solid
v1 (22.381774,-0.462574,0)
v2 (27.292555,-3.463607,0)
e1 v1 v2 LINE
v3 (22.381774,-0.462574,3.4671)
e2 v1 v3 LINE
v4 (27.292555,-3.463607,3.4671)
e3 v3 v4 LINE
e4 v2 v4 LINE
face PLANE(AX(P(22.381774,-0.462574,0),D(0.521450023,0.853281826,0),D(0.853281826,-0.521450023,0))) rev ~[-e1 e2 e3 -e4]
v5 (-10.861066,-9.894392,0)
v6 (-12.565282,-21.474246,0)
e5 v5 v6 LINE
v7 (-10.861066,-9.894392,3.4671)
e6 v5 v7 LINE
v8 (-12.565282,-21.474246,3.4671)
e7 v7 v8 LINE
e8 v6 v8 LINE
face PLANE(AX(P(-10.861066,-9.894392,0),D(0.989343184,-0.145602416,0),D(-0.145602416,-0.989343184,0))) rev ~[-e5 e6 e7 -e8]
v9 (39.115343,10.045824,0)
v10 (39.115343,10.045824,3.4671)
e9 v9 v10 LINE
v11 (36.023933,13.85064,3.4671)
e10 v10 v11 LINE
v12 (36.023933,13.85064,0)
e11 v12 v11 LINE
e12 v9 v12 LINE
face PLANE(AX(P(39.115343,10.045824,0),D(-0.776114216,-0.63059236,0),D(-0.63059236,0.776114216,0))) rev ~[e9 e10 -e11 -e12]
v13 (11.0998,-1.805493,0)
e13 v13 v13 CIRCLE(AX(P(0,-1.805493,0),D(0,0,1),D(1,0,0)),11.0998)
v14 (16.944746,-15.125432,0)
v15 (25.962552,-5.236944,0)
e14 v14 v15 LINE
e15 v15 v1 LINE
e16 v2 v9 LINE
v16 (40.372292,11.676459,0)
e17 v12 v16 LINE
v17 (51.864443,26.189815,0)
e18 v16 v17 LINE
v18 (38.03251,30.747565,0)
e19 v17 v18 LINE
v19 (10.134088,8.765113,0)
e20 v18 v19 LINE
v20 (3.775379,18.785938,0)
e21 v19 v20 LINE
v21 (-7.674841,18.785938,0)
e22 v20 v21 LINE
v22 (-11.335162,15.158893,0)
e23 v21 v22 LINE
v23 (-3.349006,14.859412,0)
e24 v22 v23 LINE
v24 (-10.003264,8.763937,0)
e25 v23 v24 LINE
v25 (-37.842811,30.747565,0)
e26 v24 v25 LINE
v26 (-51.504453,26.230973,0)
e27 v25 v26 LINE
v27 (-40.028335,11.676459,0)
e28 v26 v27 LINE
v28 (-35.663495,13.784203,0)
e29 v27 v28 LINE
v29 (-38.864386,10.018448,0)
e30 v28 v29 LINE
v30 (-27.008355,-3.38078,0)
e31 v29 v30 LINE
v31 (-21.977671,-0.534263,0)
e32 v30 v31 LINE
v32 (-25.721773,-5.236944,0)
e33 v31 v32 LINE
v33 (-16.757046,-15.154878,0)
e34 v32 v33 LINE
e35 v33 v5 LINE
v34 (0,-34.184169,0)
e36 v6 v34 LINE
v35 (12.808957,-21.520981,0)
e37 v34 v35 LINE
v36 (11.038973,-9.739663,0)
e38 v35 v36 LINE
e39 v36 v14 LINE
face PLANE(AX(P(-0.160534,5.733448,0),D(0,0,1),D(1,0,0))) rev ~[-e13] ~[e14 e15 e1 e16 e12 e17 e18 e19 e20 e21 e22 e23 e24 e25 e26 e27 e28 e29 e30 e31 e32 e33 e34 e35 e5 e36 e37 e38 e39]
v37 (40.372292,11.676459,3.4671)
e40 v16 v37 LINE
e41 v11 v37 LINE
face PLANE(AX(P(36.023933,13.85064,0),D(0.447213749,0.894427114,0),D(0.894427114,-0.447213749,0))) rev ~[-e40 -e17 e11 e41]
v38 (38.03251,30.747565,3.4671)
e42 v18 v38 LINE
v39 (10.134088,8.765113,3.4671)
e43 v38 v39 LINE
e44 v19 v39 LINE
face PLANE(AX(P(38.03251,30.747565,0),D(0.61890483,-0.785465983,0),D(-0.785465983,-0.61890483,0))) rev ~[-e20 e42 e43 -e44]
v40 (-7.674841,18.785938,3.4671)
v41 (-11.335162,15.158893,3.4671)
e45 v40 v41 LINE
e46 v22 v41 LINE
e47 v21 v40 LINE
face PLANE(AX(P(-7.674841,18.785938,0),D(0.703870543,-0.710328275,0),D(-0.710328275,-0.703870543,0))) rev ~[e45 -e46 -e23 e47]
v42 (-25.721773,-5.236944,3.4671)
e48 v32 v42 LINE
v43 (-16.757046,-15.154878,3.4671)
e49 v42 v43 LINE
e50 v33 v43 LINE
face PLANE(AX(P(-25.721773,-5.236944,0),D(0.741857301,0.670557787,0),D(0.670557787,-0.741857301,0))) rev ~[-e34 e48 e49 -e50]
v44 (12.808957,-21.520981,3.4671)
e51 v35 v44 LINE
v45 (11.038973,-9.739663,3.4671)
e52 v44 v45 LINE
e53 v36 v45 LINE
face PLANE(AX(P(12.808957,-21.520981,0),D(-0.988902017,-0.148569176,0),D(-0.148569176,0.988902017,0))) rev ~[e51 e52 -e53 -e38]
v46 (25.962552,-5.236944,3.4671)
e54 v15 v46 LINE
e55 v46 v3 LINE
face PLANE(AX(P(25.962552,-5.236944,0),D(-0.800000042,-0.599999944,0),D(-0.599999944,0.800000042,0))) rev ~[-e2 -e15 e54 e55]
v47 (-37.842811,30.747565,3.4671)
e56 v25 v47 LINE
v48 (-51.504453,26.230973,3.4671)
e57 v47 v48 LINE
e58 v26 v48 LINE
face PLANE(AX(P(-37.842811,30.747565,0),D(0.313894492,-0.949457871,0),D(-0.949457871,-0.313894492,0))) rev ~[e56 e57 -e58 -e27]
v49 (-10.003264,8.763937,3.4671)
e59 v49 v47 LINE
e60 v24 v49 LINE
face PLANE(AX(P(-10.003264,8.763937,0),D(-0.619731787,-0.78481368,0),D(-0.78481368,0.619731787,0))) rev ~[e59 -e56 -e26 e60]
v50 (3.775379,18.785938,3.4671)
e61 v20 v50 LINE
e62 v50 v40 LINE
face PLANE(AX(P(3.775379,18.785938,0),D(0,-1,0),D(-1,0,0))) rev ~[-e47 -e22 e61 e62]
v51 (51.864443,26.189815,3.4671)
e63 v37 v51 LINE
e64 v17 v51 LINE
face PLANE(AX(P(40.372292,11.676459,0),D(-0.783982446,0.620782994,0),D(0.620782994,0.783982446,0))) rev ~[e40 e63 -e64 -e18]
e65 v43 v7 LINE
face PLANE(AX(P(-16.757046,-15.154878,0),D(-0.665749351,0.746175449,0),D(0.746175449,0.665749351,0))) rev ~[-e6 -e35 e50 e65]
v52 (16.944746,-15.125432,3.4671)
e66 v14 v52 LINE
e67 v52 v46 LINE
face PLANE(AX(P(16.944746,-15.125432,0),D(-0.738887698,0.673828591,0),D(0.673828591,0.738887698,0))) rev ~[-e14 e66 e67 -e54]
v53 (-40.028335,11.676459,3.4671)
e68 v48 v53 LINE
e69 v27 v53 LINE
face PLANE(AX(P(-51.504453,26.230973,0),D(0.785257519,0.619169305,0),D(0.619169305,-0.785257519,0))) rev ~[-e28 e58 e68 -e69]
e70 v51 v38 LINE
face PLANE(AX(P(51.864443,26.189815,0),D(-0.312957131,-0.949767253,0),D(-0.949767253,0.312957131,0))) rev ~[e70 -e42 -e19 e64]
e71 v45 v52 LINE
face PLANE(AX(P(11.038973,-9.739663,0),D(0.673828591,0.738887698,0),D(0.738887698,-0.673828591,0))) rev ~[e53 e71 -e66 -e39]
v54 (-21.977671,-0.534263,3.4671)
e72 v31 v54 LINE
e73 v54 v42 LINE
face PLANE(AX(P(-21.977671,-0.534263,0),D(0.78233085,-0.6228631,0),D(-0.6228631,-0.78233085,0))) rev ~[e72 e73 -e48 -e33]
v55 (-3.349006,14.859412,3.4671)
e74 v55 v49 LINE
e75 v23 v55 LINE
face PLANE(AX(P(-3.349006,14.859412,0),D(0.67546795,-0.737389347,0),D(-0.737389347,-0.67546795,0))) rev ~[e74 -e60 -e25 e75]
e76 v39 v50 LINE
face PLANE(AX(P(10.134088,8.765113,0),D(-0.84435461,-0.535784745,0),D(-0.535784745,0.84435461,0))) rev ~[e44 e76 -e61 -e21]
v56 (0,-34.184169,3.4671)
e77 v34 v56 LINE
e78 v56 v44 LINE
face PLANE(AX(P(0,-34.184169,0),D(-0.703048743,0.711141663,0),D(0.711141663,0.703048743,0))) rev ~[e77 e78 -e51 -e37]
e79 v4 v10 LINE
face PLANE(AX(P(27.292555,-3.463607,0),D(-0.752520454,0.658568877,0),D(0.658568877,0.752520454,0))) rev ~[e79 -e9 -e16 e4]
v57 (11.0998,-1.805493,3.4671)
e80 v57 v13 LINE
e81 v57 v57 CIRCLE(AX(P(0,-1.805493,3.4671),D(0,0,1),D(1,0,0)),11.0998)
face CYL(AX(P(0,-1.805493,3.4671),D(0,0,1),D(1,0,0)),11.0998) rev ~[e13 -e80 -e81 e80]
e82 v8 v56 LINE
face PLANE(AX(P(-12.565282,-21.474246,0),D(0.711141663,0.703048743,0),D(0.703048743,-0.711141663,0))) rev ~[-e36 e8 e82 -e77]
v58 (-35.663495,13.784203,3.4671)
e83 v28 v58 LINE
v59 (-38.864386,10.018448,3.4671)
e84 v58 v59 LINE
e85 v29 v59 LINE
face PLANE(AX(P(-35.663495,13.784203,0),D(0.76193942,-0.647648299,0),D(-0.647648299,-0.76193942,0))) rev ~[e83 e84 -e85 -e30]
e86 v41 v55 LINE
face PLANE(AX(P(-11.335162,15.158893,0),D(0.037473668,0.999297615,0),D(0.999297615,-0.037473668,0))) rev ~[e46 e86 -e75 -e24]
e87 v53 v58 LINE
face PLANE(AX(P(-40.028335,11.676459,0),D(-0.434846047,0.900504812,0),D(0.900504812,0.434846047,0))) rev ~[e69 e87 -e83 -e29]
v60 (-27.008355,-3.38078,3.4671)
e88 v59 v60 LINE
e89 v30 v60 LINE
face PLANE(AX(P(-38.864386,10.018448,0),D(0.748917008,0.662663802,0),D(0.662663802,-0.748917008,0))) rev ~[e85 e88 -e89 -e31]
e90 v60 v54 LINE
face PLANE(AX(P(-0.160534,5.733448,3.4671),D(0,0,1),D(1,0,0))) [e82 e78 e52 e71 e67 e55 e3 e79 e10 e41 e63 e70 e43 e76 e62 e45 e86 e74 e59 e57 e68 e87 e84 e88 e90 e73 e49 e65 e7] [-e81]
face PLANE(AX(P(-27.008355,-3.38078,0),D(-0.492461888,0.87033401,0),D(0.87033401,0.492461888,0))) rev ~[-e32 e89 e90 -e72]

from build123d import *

# Parameters (mm, degrees)
F1_DEPTH = 6.9342
F2_SCALE = 0.5
F3_R     = 11.0998
F4_DEPTH = 25.4


with BuildPart() as f1:
    # F0 (on Top) → F1 (new body)
    with BuildSketch(Plane.XY):
        Polygon((-75.6856215453, 61.495130631), (-103.0089063366, 52.4619456377), (-80.056669942, 23.3529183213), (-71.3269899235, 27.5684058967), (-77.7287712085, 20.0368960855), (-54.0167096295, -6.7615591093), (-43.9553417197, -1.0685261115), (-51.4435459742, -10.473888544), (-33.5140929693, -30.3097563356), (-21.7221314678, -19.7887847189), (-25.1305638593, -42.9484921738), (0, -68.3683384545), (25.6179132403, -43.0419616731), (22.0779453622, -19.4793259238), (33.8894912196, -30.2508644393), (51.9251031665, -10.473888544), (44.763548994, -0.9251482466), (54.5851095356, -6.9272132295), (78.2306868312, 20.0916471891), (72.0478651347, 27.7012792084), (80.7445831733, 23.3529183213), (103.7288850297, 52.37963034), (76.0650205074, 61.495130631), (20.2681753259, 17.5302260523), (7.5507578667, 37.5718755511), (-15.3496812645, 37.5718755511), (-22.6703244303, 30.3177857753), (-6.6980118564, 29.7188239429), (-20.0065281242, 17.5278745592), align=None)
    extrude(amount=F1_DEPTH)


with BuildPart() as f1_1:
    # F2: moved
    add(f1.part.scale(F2_SCALE))

    # F3 (on face) → F4 (cut)
    with BuildSketch(Plane.XY.offset(3.4671)):
        with Locations((0, -1.8054934917)):
            Circle(F3_R)
    extrude(amount=-F4_DEPTH, mode=Mode.SUBTRACT)


solid = f1_1.part
